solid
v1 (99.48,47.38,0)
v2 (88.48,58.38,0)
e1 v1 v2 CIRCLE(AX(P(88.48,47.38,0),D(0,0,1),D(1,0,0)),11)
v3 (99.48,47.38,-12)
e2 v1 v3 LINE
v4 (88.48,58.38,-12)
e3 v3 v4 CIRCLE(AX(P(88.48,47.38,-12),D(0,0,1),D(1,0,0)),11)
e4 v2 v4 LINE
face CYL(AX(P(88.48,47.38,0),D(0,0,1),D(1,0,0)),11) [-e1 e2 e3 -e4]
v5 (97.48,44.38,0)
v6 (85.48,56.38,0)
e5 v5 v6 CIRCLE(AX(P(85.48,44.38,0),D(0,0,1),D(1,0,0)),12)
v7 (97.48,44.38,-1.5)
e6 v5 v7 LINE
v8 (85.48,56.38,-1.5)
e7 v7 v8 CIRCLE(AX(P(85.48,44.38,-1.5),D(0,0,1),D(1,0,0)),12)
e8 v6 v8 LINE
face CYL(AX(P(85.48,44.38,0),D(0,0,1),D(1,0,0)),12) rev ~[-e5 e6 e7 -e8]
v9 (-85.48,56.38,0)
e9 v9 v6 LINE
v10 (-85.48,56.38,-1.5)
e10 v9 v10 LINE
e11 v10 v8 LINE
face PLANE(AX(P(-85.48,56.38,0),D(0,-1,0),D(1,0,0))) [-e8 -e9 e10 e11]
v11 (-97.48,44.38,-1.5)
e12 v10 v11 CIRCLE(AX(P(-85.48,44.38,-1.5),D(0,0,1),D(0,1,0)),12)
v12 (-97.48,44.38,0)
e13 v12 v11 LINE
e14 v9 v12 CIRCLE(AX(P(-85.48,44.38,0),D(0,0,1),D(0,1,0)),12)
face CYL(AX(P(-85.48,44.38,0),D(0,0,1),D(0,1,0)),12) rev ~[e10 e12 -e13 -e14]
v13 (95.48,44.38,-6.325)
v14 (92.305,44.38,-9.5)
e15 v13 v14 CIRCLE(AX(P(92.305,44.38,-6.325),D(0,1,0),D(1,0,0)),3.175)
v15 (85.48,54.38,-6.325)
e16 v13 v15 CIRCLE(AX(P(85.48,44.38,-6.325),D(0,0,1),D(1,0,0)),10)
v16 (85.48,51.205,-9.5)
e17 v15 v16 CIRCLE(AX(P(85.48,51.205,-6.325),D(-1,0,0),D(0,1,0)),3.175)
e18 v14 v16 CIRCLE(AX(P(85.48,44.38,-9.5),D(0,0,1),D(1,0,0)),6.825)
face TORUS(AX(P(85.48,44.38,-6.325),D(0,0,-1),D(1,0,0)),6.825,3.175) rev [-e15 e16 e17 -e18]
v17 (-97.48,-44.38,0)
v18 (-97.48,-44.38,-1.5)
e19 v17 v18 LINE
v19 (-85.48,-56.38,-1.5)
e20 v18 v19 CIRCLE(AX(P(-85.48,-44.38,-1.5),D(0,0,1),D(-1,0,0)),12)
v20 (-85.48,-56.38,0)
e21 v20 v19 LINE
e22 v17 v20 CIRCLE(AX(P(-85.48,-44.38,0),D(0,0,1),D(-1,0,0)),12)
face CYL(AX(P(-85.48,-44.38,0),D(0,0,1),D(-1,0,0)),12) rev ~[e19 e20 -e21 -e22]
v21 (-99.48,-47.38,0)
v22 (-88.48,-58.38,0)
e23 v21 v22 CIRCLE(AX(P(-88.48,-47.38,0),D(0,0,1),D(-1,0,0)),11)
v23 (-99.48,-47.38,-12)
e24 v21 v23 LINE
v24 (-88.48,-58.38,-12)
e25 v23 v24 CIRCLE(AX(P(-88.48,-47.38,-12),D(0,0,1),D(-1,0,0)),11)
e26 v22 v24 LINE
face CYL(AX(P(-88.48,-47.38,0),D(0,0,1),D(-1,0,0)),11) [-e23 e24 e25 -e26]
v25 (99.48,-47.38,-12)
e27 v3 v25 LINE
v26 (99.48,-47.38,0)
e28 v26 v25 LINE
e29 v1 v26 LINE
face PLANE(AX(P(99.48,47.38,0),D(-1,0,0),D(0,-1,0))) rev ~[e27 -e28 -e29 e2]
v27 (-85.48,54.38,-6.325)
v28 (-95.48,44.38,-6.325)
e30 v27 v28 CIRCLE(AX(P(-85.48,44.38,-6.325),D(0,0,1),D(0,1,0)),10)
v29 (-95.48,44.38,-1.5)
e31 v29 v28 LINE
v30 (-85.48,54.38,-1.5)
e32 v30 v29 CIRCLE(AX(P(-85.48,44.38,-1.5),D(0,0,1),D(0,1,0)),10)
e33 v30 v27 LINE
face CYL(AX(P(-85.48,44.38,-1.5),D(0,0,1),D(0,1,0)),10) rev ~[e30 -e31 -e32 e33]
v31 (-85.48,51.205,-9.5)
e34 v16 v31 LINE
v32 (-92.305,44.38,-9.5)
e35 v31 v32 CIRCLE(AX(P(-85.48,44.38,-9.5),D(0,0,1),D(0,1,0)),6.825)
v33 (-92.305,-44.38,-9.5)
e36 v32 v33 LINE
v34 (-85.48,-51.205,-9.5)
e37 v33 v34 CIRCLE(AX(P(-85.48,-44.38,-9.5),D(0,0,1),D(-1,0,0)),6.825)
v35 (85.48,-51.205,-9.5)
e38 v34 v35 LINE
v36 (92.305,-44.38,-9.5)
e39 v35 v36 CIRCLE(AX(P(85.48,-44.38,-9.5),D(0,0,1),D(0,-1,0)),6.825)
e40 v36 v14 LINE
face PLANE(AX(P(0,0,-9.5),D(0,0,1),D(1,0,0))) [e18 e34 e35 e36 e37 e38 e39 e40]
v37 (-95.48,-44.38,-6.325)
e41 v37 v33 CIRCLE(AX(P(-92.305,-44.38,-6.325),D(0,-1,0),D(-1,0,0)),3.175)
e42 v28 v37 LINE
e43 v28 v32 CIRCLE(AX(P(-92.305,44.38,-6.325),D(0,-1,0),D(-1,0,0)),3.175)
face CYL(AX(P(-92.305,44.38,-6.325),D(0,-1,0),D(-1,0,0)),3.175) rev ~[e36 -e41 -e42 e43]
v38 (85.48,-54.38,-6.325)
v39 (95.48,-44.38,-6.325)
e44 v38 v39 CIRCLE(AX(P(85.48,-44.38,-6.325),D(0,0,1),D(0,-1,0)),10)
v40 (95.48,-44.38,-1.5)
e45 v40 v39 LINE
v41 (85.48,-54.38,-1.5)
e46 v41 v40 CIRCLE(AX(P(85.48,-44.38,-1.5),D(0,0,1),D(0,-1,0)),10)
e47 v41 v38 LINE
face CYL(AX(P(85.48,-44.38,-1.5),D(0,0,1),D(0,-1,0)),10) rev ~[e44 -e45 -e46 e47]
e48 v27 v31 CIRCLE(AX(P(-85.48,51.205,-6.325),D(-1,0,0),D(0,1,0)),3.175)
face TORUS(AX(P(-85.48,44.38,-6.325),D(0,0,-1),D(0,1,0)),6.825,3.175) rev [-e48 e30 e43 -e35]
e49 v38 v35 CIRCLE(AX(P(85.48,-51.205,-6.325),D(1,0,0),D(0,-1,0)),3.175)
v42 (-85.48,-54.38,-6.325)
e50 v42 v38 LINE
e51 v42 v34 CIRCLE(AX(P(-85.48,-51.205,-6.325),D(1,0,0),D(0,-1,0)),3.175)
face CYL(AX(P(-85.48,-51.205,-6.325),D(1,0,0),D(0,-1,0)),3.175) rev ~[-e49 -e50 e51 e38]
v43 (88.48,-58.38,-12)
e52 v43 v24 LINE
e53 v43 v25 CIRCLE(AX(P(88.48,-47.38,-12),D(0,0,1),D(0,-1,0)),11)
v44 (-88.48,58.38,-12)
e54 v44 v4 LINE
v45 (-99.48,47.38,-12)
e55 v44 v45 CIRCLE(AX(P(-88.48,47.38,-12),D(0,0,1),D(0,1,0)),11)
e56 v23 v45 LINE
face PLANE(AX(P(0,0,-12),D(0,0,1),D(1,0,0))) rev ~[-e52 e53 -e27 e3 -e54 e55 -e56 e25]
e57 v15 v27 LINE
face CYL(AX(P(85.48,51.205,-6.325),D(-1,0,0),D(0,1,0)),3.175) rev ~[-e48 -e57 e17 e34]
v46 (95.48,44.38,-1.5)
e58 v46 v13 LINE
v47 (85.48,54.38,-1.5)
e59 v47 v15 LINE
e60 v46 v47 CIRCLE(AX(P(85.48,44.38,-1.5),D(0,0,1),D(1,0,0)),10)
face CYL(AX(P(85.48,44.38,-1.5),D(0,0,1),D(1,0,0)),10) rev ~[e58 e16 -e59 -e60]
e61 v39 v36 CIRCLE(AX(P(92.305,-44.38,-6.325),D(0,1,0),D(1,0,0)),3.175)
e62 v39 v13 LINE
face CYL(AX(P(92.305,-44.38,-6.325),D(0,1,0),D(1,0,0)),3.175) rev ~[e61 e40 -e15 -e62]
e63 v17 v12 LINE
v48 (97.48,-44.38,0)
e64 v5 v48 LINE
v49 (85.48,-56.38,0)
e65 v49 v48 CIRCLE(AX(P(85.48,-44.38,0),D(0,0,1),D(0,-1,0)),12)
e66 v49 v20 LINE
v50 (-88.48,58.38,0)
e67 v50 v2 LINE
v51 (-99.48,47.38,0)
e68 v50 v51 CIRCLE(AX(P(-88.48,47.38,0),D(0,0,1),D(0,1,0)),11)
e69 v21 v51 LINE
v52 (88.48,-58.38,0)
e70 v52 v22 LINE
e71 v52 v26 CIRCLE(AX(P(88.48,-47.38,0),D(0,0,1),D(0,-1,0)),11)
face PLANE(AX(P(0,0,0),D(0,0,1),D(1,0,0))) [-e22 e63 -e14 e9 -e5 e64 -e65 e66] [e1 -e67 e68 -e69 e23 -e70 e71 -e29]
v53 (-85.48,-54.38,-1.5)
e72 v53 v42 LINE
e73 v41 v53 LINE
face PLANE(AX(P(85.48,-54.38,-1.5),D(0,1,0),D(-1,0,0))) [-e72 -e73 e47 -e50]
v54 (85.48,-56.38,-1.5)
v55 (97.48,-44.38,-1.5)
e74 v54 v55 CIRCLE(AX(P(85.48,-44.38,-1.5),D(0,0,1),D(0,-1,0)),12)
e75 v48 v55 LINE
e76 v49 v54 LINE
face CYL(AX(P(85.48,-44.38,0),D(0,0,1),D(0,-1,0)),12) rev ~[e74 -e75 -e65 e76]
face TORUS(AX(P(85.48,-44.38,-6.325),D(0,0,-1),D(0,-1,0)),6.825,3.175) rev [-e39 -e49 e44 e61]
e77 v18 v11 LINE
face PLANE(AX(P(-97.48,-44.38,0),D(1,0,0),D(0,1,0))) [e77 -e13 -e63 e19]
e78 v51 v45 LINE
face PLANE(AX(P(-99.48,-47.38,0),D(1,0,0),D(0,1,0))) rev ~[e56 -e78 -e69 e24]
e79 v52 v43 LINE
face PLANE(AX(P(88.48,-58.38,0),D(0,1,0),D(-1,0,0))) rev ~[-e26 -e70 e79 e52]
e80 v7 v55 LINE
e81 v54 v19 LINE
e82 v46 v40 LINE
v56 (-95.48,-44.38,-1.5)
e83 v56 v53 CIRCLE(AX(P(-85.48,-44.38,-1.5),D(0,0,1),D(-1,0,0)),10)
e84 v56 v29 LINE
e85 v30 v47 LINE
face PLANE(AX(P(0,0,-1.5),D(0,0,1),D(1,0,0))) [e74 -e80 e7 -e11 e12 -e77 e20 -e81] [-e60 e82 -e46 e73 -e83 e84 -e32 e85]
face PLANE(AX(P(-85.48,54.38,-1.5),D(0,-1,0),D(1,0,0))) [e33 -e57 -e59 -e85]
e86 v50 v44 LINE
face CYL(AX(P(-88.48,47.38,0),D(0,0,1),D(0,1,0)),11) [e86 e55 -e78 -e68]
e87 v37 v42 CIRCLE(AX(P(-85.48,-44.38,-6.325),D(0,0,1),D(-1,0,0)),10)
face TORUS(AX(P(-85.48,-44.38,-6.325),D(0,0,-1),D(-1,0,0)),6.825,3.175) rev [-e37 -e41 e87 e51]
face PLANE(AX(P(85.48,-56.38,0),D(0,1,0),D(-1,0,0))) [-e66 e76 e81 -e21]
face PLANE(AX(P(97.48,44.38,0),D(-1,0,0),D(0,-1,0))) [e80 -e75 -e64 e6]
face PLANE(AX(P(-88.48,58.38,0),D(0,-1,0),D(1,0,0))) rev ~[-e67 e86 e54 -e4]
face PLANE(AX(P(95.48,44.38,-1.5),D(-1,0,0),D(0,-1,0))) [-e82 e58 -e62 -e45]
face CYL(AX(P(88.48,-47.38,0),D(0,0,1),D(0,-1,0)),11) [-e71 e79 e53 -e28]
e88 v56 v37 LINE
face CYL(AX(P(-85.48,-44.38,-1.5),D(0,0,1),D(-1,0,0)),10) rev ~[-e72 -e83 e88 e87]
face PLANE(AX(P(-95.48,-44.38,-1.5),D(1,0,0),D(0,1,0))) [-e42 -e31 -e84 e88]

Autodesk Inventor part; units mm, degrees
ref_plane "YZ Plane" through (0, 0, 0) normal (1, 0, 0) x (0, 1, 0)
ref_plane "XZ Plane" through (0, 0, 0) normal (0, 1, 0) x (-1, 0, 0)
ref_plane "XY Plane" through (0, 0, 0) normal (0, 0, 1) x (1, 0, 0)
sketch "Sketch1" plane through (0, 0, 0) normal (0, 0, 1) x (1, 0, 0)
  line L0 (77.5, 43.5) -> (77.5, -43.5) projected
  line L1 (77.5, -43.5) -> (-77.5, -43.5) projected
  line L2 (-77.5, -43.5) -> (-77.5, 43.5) projected
  line L3 (-77.5, 43.5) -> (77.5, 43.5) projected
  line L4 (85.48, 55.38) -> (-85.48, 55.38) projected
  arc A0 (-85.48, 55.38) -> (-96.48, 44.38) centre (-85.48, 44.38) ccw projected
  line L5 (-96.48, 44.38) -> (-96.48, -44.38) projected
  arc A1 (-96.48, -44.38) -> (-85.48, -55.38) centre (-85.48, -44.38) ccw projected
  line L6 (-85.48, -55.38) -> (85.48, -55.38) projected
  arc A2 (85.48, -55.38) -> (96.48, -44.38) centre (85.48, -44.38) ccw projected
  line L7 (96.48, -44.38) -> (96.48, 44.38) projected
  arc A3 (96.48, 44.38) -> (85.48, 55.38) centre (85.48, 44.38) ccw projected
  line L8 (-88.48, 58.38) -> (88.48, 58.38)
  line L9 (99.48, 47.38) -> (99.48, -47.38)
  line L10 (88.48, -58.38) -> (-88.48, -58.38)
  line L11 (-99.48, -47.38) -> (-99.48, 47.38)
  arc A4 (-88.48, 58.38) -> (-99.48, 47.38) centre (-88.48, 47.38) ccw
  arc A5 (99.48, 47.38) -> (88.48, 58.38) centre (88.48, 47.38) ccw
  arc A6 (88.48, -58.38) -> (99.48, -47.38) centre (88.48, -47.38) ccw
  arc A7 (-99.48, -47.38) -> (-88.48, -58.38) centre (-88.48, -47.38) ccw
  point P0 (0, 0)
  dimension "d0" = 3
  dimension "d1" = 3
  dimension "d2" = 3
  dimension "d3" = 3
  dimension "d4" = 11
  dimension "d5" = 11
extrude "Extrusion1" add sketch "Sketch1" against normal blind 12 contours L0 L1 L2 L3 | A3 L7 A2 L6 A1 L5 A0 L4 | L8 A5 L9 A6 L10 A7 L11 A4
sketch "Sketch2" plane through (0, 0, 0) normal (0, 0, 1) x (1, 0, 0)
  line L0 (-88.48, 58.38) -> (88.48, 58.38) projected
  arc A0 (-88.48, 58.38) -> (-99.48, 47.38) centre (-88.48, 47.38) ccw projected
  line L1 (-99.48, -47.38) -> (-99.48, 47.38) projected
  arc A1 (-99.48, -47.38) -> (-88.48, -58.38) centre (-88.48, -47.38) ccw projected
  line L2 (88.48, -58.38) -> (-88.48, -58.38) projected
  arc A2 (88.48, -58.38) -> (99.48, -47.38) centre (88.48, -47.38) ccw projected
  line L3 (99.48, 47.38) -> (99.48, -47.38) projected
  arc A3 (99.48, 47.38) -> (88.48, 58.38) centre (88.48, 47.38) ccw projected
  line L4 (77.5, 43.5) -> (77.5, -43.5) projected
  line L5 (77.5, -43.5) -> (-77.5, -43.5) projected
  line L6 (-77.5, -43.5) -> (-77.5, 43.5) projected
  line L7 (-77.5, 43.5) -> (77.5, 43.5) projected
  line L8 (85.48, 55.38) -> (-85.48, 55.38) projected
  arc A4 (-85.48, 55.38) -> (-96.48, 44.38) centre (-85.48, 44.38) ccw projected
  line L9 (-96.48, 44.38) -> (-96.48, -44.38) projected
  arc A5 (-96.48, -44.38) -> (-85.48, -55.38) centre (-85.48, -44.38) ccw projected
  line L10 (-85.48, -55.38) -> (85.48, -55.38) projected
  arc A6 (85.48, -55.38) -> (96.48, -44.38) centre (85.48, -44.38) ccw projected
  line L11 (96.48, -44.38) -> (96.48, 44.38) projected
  arc A7 (96.48, 44.38) -> (85.48, 55.38) centre (85.48, 44.38) ccw projected
  arc A8 (-85.48, 56.38) -> (-97.48, 44.38) centre (-85.48, 44.38) ccw
  line L12 (-85.48, 56.38) -> (85.48, 56.38)
  arc A9 (97.48, 44.38) -> (85.48, 56.38) centre (85.48, 44.38) ccw
  line L13 (97.48, 44.38) -> (97.48, -44.38)
  arc A10 (85.48, -56.38) -> (97.48, -44.38) centre (85.48, -44.38) ccw
  line L14 (85.48, -56.38) -> (-85.48, -56.38)
  arc A11 (-97.48, -44.38) -> (-85.48, -56.38) centre (-85.48, -44.38) ccw
  line L15 (-97.48, -44.38) -> (-97.48, 44.38)
  point P0 (0, 0)
  dimension "d8" = 1
extrude "Extrusion2" cut sketch "Sketch2" against normal blind 1.5 contours L4 L5 L6 L7 | A7 L11 A6 L10 A5 L9 A4 L8 | L12 A9 L13 A10 L14 A11 L15 A8
sketch "Sketch3" plane through (0, 0, -1.5) normal (0, 0, 1) x (1, 0, 0)
  arc A0 (-85.48, 56.38) -> (-97.48, 44.38) centre (-85.48, 44.38) ccw projected
  line L0 (-97.48, -44.38) -> (-97.48, 44.38) projected
  arc A1 (-97.48, -44.38) -> (-85.48, -56.38) centre (-85.48, -44.38) ccw projected
  line L1 (85.48, -56.38) -> (-85.48, -56.38) projected
  arc A2 (85.48, -56.38) -> (97.48, -44.38) centre (85.48, -44.38) ccw projected
  line L2 (97.48, 44.38) -> (97.48, -44.38) projected
  arc A3 (97.48, 44.38) -> (85.48, 56.38) centre (85.48, 44.38) ccw projected
  line L3 (-85.48, 56.38) -> (85.48, 56.38) projected
  arc A4 (-85.48, 54.38) -> (-95.48, 44.38) centre (-85.48, 44.38) ccw
  line L4 (-85.48, 54.38) -> (85.48, 54.38)
  arc A5 (95.48, 44.38) -> (85.48, 54.38) centre (85.48, 44.38) ccw
  line L5 (95.48, 44.38) -> (95.48, -44.38)
  arc A6 (85.48, -54.38) -> (95.48, -44.38) centre (85.48, -44.38) ccw
  line L6 (85.48, -54.38) -> (-85.48, -54.38)
  arc A7 (-95.48, -44.38) -> (-85.48, -54.38) centre (-85.48, -44.38) ccw
  line L7 (-95.48, -44.38) -> (-95.48, 44.38)
  point P0 (0, 0)
  dimension "d11" = 2
extrude "Extrusion3" cut sketch "Sketch3" against normal blind 8 contours L4 A5 L5 A6 L6 A7 L7 A4
fillet "Fillet1" radius 3.175 8 edges at (92.5511, 51.4511, -9.5) (95.48, 0, -9.5) (92.5511, -51.4511, -9.5) (0, -54.38, -9.5) (-92.5511, -51.4511, -9.5) (-95.48, 0, -9.5) (-92.5511, 51.4511, -9.5) (0, 54.38, -9.5)
sketch "Sketch4" plane through (0, 0, -12) normal (0, 0, -1) x (-1, 0, 0)
  line L0 (-35.15, 31.45) -> (43.7742, 31.45) projected
  arc A0 (46.7742, 28.45) -> (43.7742, 31.45) centre (43.7742, 28.45) ccw projected
  line L1 (46.7742, 28.45) -> (46.7742, -21.55) projected
  arc A1 (43.7742, -24.55) -> (46.7742, -21.55) centre (43.7742, -21.55) ccw projected
  line L2 (43.7742, -24.55) -> (-35.15, -24.55) projected
  arc A2 (-38.15, -21.55) -> (-35.15, -24.55) centre (-35.15, -21.55) ccw projected
  line L3 (-38.15, -21.55) -> (-38.15, 28.45) projected
  arc A3 (-35.15, 31.45) -> (-38.15, 28.45) centre (-35.15, 28.45) ccw projected
  line L4 (-48.26, 38.1) -> (48.26, 38.1)
  line L5 (50.8, 35.56) -> (50.8, -35.56)
  line L6 (48.26, -38.1) -> (-48.26, -38.1)
  line L7 (-50.8, -35.56) -> (-50.8, 35.56)
  arc A4 (-48.26, 38.1) -> (-50.8, 35.56) centre (-48.26, 35.56) ccw
  arc A5 (50.8, 35.56) -> (48.26, 38.1) centre (48.26, 35.56) ccw
  arc A6 (48.26, -38.1) -> (50.8, -35.56) centre (48.26, -35.56) ccw
  arc A7 (-50.8, -35.56) -> (-48.26, -38.1) centre (-48.26, -35.56) ccw
  point P0 (0, 0)
  point P1 (-50.8, 38.1)
  point P2 (50.8, 38.1)
  point P3 (-50.8, -38.1)
  dimension "d15" = 101.6
  dimension "d16" = 76.2
  dimension "d17" = 38.1
  dimension "d18" = 50.8
  dimension "d19" = 2.54
equation "\"d1\" = d0"
equation "\"d2\" = d0"
equation "\"d3\" = d0"
equation "\"d4\" = d5"
equation "\"d17\" = 0.5 * d16"
equation "\"d18\" = 0.5 * d15"
properties part number "Hub Enclosure"
